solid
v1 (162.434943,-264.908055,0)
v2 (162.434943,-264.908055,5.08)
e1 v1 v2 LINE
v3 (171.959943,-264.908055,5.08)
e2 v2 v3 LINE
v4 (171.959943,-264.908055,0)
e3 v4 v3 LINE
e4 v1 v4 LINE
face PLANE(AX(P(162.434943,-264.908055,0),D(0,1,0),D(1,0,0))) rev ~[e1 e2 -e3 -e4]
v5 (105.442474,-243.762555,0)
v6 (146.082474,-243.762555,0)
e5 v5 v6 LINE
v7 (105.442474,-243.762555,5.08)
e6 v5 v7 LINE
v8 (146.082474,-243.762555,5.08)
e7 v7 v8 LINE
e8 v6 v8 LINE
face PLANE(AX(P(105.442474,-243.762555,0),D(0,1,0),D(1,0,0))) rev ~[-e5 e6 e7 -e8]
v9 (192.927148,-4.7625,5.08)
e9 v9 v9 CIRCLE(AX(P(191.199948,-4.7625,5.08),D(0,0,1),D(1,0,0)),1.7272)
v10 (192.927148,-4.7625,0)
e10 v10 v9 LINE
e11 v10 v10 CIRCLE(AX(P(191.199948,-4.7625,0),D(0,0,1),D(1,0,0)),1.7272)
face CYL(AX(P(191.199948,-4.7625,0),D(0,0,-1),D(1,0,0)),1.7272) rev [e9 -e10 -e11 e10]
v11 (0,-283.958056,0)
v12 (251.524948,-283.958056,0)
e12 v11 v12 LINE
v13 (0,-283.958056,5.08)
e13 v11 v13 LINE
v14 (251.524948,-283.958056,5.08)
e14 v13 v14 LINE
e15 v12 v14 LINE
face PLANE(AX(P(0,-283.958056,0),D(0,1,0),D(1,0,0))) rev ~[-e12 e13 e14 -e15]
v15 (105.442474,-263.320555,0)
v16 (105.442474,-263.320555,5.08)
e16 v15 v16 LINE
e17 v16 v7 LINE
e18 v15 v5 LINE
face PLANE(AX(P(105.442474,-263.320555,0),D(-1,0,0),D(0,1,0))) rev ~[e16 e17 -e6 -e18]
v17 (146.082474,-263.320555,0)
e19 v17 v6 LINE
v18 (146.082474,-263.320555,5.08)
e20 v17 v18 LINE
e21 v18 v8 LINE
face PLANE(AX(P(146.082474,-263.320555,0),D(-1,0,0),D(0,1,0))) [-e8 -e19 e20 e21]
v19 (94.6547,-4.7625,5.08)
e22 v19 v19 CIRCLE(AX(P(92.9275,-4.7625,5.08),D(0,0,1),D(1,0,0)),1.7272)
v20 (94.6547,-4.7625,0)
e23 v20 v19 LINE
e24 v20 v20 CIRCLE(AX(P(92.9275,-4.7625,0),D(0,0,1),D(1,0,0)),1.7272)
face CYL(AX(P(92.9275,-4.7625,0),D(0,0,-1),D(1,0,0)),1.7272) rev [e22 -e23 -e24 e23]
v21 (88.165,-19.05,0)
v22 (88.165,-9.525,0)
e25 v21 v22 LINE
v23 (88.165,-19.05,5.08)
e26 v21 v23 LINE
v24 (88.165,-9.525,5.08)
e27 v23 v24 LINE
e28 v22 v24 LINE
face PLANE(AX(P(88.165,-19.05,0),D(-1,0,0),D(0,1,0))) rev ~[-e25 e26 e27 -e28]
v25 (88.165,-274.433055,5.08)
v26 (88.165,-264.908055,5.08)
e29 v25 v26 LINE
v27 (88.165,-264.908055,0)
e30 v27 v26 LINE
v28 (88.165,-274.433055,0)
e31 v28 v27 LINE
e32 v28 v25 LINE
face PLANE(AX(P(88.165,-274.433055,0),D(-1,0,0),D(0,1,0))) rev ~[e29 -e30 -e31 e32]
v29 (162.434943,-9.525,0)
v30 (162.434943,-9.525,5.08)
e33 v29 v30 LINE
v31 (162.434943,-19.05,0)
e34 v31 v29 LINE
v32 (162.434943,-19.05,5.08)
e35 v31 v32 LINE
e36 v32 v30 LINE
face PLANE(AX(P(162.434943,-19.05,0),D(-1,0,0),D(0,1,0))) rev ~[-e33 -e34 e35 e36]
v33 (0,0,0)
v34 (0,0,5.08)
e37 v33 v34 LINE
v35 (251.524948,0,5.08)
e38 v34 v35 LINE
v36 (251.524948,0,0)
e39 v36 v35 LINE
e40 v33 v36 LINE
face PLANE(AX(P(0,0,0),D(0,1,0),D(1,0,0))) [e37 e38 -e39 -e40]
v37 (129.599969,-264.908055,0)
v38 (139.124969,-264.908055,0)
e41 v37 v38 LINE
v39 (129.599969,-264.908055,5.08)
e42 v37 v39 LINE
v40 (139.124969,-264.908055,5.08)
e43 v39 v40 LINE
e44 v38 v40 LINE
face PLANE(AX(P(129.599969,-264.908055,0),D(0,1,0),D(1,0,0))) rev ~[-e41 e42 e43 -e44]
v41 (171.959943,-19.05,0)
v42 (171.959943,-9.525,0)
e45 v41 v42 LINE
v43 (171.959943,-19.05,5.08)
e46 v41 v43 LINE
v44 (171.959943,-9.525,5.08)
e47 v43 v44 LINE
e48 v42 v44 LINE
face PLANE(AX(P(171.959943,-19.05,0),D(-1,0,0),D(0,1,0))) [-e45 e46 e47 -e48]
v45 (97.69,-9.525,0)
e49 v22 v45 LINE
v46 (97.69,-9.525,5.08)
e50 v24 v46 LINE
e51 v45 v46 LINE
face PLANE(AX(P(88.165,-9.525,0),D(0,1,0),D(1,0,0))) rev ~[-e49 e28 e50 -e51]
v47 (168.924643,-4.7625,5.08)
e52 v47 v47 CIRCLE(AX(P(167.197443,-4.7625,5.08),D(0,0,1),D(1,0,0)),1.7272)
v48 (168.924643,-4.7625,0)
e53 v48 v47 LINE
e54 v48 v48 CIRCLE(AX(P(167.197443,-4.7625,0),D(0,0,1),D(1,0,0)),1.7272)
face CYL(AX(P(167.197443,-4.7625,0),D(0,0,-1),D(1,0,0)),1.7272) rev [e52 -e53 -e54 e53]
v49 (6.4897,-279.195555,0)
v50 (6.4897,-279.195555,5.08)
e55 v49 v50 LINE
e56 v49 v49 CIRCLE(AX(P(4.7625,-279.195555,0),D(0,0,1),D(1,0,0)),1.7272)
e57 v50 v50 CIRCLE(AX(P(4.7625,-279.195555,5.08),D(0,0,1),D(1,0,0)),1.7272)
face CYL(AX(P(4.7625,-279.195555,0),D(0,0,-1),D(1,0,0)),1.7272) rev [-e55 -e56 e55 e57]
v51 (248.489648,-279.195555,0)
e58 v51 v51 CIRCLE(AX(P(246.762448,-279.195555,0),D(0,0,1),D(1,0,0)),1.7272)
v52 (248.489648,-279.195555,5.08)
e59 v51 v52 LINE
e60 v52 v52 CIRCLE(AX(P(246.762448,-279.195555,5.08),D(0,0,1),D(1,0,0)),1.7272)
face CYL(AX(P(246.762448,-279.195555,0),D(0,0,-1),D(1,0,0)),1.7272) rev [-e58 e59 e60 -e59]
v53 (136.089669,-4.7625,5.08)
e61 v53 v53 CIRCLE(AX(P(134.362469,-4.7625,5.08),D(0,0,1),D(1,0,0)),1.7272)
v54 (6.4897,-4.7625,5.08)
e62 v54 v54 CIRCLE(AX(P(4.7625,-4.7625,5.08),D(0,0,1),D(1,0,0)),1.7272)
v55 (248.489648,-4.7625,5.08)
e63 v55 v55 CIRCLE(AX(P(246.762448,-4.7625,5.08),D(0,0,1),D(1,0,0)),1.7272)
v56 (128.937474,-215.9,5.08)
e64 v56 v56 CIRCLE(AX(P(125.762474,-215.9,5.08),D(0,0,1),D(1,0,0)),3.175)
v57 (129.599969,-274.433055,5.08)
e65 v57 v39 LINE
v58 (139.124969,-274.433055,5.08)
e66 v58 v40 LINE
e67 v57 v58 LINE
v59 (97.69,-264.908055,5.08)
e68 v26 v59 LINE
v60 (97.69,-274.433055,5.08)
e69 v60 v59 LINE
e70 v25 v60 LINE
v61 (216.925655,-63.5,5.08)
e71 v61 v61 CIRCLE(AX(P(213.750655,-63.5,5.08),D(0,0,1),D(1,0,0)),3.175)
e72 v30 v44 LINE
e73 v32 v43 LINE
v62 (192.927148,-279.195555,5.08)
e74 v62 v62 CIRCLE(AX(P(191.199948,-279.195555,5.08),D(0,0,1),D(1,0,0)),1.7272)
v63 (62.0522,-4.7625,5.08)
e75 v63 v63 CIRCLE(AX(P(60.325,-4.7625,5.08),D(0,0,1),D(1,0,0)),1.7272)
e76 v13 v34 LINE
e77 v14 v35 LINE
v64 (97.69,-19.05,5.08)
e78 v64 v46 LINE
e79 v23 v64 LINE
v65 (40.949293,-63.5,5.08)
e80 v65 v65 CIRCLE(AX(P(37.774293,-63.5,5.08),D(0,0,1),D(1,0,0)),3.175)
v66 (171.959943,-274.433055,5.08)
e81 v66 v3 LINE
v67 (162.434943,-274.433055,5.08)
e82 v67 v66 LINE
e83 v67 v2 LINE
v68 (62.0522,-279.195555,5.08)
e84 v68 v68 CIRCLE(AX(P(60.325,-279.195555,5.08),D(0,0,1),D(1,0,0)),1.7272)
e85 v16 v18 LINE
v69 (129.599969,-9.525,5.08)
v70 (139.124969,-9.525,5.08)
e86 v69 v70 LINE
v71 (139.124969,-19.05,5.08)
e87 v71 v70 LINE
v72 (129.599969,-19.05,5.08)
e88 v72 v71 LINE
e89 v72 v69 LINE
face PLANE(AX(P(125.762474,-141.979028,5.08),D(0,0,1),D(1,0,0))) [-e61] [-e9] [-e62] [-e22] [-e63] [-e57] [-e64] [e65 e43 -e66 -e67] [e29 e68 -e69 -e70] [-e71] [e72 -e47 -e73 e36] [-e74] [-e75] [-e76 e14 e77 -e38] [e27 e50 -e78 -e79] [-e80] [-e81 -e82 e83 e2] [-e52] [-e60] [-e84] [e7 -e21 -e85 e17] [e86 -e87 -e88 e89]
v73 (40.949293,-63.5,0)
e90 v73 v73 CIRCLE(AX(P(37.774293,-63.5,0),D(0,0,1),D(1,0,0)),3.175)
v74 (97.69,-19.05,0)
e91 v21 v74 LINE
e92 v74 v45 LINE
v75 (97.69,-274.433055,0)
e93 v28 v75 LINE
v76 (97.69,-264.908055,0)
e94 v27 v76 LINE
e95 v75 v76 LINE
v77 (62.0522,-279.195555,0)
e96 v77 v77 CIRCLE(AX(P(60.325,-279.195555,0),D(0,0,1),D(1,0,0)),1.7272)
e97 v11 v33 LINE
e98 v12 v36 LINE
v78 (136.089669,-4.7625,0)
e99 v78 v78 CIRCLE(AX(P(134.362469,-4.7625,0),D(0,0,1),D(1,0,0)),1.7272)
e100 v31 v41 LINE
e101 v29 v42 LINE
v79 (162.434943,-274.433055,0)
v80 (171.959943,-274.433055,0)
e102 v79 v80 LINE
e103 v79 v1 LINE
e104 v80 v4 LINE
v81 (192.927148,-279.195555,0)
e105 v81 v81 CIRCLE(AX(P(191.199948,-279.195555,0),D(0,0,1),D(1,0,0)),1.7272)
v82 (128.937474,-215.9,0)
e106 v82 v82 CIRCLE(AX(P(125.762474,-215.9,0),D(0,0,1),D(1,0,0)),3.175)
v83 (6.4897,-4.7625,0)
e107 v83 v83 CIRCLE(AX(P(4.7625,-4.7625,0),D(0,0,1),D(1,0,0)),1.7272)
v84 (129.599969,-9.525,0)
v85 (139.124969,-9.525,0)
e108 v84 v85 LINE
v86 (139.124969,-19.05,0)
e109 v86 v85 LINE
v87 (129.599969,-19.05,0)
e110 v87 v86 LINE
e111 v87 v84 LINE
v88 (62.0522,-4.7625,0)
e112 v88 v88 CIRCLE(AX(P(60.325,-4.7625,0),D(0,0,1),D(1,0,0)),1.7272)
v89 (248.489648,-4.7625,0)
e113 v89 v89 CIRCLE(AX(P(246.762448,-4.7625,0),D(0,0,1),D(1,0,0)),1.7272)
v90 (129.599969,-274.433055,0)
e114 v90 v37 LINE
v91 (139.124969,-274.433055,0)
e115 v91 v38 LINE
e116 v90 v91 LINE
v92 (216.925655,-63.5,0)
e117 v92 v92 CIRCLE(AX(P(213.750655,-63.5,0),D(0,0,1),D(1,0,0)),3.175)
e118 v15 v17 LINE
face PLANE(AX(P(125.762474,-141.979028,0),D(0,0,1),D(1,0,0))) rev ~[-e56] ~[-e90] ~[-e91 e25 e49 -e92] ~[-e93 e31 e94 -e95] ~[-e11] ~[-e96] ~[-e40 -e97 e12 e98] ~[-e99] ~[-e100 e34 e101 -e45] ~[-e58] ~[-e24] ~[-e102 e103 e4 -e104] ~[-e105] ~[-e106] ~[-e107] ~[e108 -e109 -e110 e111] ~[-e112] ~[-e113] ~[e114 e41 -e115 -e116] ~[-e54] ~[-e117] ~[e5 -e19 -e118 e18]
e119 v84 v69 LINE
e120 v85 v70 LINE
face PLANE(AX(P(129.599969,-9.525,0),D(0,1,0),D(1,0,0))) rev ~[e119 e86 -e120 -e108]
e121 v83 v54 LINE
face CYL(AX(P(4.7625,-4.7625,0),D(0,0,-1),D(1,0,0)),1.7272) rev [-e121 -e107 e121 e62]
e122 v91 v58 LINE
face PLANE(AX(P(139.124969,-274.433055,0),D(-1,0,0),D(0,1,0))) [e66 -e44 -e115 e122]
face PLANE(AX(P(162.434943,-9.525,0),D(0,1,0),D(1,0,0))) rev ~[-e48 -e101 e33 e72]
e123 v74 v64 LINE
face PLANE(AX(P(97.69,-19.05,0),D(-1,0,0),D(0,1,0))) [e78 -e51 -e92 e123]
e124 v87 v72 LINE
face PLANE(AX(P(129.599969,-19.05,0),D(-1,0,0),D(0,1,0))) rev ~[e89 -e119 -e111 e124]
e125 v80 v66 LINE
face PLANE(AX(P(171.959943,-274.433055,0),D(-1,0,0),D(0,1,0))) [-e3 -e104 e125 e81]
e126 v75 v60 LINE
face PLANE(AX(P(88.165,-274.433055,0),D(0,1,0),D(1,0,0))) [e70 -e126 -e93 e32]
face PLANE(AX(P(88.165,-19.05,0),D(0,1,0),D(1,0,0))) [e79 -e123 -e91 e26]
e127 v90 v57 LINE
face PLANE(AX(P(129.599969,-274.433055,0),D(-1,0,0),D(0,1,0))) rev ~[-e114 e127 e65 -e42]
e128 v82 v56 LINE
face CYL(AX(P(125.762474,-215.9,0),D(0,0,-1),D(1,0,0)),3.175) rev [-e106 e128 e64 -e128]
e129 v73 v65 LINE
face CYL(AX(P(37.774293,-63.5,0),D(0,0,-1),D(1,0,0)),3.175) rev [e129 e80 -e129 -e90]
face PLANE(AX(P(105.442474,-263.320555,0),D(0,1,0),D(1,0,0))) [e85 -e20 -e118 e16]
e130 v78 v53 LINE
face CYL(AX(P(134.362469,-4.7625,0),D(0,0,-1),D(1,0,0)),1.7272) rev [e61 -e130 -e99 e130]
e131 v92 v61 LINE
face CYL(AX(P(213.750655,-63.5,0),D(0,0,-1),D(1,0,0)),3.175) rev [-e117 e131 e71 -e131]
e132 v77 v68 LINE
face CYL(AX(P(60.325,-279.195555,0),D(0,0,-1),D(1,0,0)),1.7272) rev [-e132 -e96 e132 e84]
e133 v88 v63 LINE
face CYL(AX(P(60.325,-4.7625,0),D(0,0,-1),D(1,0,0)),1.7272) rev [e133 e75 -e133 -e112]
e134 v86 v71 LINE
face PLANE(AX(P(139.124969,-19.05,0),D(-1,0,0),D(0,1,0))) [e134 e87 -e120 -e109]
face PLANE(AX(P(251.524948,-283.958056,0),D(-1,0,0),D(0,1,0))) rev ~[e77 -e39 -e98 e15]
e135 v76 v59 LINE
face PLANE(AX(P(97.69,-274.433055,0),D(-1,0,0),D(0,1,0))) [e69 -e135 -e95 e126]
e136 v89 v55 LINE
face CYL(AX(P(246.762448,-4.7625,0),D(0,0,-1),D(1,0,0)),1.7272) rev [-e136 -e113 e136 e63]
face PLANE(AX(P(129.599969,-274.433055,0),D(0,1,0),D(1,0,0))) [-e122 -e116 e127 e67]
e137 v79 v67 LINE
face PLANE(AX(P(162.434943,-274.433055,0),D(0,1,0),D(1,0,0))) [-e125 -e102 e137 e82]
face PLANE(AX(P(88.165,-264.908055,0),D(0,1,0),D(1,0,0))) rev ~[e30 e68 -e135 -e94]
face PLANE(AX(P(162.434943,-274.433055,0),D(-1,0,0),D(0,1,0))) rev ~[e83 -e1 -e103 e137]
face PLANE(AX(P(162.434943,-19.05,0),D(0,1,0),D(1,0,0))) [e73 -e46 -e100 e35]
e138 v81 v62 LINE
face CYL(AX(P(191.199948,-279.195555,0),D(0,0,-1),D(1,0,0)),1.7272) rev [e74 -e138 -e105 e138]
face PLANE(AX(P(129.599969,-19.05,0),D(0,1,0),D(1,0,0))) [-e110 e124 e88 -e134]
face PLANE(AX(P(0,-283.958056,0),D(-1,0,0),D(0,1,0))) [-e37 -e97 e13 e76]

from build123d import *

# Parameters (mm, degrees)
F0_W     = 251.524948
F0_H     = 283.958055
F0_R     = 1.7272
F0_W_2   = 9.525
F0_H_2   = 9.525
F0_R_2   = 3.175
F0_W_3   = 40.64
F0_H_3   = 19.558
F1_DEPTH = 5.08


with BuildPart() as f1:
    # F0 (on Top) → F1 (new body)
    with BuildSketch(Plane.XY):
        with Locations((125.762474, -141.979028)):
            Rectangle(F0_W, F0_H)
        with Locations((4.7625, -279.195555)):
            Circle(F0_R, mode=Mode.SUBTRACT)
        with Locations((60.325, -279.195555)):
            Circle(F0_R, mode=Mode.SUBTRACT)
        with Locations((92.9275, -269.670555)):
            Rectangle(F0_W_2, F0_H_2, mode=Mode.SUBTRACT)
        with Locations((125.762474, -215.9)):
            Circle(F0_R_2, mode=Mode.SUBTRACT)
        with Locations((134.362469, -269.670555)):
            Rectangle(F0_W_2, F0_H_2, mode=Mode.SUBTRACT)
        with Locations((125.762474, -253.541555)):
            Rectangle(F0_W_3, F0_H_3, mode=Mode.SUBTRACT)
        with Locations((167.197443, -269.670555)):
            Rectangle(F0_W_2, F0_H_2, mode=Mode.SUBTRACT)
        with Locations((191.199948, -279.195555)):
            Circle(F0_R, mode=Mode.SUBTRACT)
        with Locations((246.762448, -279.195555)):
            Circle(F0_R, mode=Mode.SUBTRACT)
        with Locations((37.774293, -63.5)):
            Circle(F0_R_2, mode=Mode.SUBTRACT)
        with Locations((4.7625, -4.7625)):
            Circle(F0_R, mode=Mode.SUBTRACT)
        with Locations((60.325, -4.7625)):
            Circle(F0_R, mode=Mode.SUBTRACT)
        with Locations((92.9275, -14.2875)):
            Rectangle(F0_W_2, F0_H_2, mode=Mode.SUBTRACT)
        with Locations((92.9275, -4.7625)):
            Circle(F0_R, mode=Mode.SUBTRACT)
        with Locations((134.362469, -14.2875)):
            Rectangle(F0_W_2, F0_H_2, mode=Mode.SUBTRACT)
        with Locations((134.362469, -4.7625)):
            Circle(F0_R, mode=Mode.SUBTRACT)
        with Locations((167.197443, -14.2875)):
            Rectangle(F0_W_2, F0_H_2, mode=Mode.SUBTRACT)
        with Locations((167.197443, -4.7625)):
            Circle(F0_R, mode=Mode.SUBTRACT)
        with Locations((213.750655, -63.5)):
            Circle(F0_R_2, mode=Mode.SUBTRACT)
        with Locations((191.199948, -4.7625)):
            Circle(F0_R, mode=Mode.SUBTRACT)
        with Locations((246.762448, -4.7625)):
            Circle(F0_R, mode=Mode.SUBTRACT)
    extrude(amount=F1_DEPTH)


solid = f1.part
